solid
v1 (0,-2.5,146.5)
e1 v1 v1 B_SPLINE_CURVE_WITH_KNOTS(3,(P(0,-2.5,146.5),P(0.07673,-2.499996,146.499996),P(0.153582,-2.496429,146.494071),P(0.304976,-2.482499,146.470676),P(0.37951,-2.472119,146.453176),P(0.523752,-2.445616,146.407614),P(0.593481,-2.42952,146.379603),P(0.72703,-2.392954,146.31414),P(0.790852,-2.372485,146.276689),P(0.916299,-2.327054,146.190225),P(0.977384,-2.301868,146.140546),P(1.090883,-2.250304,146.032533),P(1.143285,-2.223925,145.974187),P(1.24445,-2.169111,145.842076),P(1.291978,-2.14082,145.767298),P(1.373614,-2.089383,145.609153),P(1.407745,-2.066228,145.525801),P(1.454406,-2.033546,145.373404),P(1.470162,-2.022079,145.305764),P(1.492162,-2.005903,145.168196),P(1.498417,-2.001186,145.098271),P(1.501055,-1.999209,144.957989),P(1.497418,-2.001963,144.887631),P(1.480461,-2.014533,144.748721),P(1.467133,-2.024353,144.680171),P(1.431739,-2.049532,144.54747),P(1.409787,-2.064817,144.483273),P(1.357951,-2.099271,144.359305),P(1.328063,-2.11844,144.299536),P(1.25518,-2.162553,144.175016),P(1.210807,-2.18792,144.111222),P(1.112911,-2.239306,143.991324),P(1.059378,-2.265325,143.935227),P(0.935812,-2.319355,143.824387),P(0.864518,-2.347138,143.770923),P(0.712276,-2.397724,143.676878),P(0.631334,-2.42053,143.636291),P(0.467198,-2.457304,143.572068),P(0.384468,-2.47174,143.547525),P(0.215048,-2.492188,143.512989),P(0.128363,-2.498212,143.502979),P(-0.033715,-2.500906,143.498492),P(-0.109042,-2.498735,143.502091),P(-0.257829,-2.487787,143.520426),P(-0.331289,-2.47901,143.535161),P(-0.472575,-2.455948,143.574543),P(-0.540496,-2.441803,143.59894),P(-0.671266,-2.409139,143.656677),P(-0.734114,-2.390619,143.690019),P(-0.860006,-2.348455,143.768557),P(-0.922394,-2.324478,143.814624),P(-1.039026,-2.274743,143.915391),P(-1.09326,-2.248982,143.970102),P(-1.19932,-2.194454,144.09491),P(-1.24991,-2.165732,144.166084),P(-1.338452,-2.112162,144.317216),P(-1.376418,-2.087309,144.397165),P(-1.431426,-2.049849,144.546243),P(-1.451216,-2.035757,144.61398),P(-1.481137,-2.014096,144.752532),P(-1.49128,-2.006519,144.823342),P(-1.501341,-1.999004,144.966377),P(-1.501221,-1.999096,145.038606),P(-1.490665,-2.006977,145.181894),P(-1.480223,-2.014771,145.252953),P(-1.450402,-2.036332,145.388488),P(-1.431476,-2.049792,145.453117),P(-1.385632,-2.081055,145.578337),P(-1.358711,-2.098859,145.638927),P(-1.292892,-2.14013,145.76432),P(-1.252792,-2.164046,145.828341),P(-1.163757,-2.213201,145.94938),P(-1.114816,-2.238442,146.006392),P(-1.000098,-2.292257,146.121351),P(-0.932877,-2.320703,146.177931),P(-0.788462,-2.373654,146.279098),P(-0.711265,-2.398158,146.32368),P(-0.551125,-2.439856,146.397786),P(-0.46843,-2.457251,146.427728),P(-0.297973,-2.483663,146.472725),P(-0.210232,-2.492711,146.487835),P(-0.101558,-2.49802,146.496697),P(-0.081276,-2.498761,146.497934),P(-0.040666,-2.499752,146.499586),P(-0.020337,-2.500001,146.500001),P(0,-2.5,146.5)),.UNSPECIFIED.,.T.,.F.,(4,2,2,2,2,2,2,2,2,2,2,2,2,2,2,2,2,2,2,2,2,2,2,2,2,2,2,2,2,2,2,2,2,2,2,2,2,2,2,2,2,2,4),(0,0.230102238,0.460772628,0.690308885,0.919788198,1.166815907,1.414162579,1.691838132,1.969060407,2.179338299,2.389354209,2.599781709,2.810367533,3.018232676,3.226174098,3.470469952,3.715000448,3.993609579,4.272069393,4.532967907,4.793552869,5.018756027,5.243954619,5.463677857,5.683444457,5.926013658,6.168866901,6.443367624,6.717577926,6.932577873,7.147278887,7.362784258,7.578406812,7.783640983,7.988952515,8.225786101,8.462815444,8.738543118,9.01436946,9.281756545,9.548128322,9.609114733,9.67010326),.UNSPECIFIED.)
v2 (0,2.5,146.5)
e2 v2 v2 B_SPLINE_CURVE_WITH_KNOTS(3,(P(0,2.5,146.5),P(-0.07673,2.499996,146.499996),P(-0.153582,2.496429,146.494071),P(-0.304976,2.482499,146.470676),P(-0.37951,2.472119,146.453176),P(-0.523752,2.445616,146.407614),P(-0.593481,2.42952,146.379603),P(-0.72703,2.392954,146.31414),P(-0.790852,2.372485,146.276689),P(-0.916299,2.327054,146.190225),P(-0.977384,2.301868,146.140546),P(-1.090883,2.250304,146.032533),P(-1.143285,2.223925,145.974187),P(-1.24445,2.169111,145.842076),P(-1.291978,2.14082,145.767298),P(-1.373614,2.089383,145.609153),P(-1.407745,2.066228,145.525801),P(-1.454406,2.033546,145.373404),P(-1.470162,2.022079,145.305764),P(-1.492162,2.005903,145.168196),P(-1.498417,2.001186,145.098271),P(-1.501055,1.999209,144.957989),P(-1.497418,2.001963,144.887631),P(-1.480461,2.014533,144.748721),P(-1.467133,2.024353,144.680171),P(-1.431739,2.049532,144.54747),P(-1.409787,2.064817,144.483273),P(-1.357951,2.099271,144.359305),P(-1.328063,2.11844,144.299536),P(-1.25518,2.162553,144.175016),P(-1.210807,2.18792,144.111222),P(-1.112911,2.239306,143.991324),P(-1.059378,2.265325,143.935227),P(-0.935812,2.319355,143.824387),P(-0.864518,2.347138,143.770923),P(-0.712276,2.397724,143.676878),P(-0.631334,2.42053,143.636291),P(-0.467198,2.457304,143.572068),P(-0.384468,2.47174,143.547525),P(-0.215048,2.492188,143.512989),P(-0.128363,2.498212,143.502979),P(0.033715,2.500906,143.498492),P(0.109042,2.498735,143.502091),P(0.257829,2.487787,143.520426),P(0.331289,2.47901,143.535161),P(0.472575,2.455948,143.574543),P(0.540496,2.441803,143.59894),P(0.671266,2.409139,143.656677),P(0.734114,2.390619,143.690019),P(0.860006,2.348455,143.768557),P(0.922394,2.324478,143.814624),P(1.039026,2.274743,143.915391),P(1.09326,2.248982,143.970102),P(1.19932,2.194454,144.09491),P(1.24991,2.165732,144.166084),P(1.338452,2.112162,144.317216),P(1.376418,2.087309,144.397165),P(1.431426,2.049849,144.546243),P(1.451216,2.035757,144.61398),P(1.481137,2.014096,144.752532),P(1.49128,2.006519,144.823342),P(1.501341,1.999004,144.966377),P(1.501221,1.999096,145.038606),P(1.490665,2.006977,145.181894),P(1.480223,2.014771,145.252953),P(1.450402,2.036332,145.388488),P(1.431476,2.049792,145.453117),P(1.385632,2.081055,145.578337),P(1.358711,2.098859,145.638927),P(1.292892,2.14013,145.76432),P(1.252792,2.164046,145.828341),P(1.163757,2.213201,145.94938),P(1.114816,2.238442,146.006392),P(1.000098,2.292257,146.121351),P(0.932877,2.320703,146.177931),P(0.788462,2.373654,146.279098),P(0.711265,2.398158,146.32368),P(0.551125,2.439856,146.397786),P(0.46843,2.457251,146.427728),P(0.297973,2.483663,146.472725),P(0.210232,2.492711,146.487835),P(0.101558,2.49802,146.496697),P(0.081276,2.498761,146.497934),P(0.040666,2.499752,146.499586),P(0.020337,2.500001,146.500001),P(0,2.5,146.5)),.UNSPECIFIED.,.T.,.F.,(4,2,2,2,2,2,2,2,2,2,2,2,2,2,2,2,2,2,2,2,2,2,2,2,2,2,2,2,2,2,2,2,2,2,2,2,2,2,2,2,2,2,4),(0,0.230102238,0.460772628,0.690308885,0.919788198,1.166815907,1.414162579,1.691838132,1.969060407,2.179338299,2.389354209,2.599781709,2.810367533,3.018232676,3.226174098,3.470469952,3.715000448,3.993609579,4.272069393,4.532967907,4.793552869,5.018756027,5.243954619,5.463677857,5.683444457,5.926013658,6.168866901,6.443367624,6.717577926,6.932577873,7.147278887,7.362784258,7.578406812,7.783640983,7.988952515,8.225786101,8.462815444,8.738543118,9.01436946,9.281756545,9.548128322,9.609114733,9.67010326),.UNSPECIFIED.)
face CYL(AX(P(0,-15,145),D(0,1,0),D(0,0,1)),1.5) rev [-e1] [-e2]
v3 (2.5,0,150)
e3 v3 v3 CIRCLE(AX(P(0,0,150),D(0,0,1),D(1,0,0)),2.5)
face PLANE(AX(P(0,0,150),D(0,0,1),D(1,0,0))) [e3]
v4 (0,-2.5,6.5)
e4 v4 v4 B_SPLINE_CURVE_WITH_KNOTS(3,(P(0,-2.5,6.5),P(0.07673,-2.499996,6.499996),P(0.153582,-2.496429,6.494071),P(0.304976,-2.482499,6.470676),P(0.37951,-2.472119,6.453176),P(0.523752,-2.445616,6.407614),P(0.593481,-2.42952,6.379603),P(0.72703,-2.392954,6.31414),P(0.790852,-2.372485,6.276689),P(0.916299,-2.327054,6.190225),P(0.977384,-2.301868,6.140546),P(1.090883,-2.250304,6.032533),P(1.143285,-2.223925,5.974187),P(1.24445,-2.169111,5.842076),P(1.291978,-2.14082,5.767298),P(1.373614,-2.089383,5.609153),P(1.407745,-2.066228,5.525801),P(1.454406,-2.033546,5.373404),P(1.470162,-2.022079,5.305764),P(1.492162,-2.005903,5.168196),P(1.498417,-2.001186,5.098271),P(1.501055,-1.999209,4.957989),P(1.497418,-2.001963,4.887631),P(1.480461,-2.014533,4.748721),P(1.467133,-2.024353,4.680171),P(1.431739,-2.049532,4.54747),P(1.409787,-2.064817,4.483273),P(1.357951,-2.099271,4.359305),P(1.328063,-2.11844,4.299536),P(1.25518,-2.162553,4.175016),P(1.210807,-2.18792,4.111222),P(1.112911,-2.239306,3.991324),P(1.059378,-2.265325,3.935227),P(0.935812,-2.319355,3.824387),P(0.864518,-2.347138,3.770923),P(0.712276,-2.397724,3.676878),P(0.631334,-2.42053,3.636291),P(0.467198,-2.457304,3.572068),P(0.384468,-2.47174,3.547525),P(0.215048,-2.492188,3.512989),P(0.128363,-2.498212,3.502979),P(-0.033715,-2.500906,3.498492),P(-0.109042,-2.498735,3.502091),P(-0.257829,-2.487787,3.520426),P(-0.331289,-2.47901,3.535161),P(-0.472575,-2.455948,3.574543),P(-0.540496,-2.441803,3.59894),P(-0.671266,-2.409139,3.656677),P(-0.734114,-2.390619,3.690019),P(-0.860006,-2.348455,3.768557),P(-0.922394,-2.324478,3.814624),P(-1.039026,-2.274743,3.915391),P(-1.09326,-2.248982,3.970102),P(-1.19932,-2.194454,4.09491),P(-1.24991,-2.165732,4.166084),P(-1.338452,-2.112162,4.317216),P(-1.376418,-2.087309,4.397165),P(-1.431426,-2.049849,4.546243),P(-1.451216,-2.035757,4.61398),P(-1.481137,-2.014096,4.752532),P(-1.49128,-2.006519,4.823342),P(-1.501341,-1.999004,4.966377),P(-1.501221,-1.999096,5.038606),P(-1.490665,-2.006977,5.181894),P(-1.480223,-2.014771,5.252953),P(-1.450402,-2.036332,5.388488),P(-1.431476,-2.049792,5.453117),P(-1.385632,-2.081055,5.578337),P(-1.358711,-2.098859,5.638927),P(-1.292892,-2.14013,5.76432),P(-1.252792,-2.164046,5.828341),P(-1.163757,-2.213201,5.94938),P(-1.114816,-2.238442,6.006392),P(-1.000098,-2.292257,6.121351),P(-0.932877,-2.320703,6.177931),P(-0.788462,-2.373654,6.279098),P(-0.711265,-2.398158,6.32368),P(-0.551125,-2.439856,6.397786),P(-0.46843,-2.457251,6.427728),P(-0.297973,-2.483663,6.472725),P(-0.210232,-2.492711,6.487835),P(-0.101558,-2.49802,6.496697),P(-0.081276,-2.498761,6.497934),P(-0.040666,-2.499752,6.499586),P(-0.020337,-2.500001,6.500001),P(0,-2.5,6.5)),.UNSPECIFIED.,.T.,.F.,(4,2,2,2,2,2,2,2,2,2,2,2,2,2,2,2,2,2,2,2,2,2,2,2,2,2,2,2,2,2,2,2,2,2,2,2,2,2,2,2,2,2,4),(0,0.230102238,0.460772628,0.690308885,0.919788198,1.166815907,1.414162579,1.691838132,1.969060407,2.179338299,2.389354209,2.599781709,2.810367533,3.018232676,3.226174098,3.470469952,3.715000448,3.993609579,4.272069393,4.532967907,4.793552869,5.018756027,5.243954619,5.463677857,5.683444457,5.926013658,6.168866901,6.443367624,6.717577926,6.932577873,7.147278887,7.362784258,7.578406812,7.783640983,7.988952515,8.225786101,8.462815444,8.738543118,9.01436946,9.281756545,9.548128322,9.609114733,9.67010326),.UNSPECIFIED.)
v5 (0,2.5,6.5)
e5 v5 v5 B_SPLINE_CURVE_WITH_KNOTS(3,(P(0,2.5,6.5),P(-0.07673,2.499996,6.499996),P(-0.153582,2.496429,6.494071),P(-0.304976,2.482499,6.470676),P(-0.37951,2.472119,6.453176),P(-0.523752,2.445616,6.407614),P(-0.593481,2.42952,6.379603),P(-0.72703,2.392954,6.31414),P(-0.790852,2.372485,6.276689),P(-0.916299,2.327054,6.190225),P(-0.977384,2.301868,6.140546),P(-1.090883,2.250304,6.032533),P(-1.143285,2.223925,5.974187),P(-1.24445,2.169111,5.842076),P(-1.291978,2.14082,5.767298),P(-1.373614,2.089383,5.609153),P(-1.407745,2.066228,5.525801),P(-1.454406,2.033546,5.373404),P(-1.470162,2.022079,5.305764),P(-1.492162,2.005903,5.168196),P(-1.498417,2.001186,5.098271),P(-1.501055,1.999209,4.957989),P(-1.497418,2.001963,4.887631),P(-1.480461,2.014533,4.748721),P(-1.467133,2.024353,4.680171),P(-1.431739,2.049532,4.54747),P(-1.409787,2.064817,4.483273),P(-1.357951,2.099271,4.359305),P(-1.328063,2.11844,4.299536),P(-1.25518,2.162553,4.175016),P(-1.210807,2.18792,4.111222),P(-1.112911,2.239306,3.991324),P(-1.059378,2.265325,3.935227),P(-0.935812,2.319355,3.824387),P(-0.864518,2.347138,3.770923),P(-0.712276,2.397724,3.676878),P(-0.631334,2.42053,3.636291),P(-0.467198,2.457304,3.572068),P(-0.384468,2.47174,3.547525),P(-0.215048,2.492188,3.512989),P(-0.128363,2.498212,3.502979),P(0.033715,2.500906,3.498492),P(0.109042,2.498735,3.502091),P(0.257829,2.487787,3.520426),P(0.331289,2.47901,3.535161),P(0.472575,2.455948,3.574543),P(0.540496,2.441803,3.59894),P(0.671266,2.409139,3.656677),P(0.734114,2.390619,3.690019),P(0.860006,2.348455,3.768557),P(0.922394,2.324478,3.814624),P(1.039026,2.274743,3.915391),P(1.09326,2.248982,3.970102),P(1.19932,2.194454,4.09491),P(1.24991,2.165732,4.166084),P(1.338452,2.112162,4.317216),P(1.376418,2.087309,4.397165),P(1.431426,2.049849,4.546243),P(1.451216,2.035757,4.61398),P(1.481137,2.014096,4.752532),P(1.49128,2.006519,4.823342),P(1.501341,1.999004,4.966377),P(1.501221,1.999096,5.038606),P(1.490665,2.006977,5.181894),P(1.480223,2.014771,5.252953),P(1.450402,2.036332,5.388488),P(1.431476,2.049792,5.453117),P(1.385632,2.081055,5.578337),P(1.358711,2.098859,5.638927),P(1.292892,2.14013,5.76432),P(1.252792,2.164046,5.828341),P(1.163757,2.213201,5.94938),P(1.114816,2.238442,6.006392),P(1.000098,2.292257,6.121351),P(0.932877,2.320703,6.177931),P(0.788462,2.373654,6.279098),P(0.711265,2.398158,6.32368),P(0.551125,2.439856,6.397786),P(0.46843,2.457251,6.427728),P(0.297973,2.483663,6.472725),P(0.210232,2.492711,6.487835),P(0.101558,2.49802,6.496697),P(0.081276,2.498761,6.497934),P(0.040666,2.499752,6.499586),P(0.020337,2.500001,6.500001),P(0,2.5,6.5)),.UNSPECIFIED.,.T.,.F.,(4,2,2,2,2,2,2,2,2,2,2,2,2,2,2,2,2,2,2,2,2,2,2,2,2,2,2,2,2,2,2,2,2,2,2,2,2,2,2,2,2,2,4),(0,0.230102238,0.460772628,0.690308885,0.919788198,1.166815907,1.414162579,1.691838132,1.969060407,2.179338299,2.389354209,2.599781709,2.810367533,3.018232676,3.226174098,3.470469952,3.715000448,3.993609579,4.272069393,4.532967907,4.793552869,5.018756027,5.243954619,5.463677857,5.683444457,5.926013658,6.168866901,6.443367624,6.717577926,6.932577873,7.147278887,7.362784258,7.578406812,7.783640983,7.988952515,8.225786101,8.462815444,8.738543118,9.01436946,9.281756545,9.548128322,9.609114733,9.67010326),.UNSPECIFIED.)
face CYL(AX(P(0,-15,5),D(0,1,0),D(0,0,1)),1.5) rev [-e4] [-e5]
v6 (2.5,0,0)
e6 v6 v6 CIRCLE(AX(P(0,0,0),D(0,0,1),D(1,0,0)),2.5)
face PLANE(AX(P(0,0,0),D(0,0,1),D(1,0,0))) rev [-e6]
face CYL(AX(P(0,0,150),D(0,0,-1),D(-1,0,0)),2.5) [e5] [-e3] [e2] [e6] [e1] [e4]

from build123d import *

# Parameters (mm, degrees)
SKETCH1_R           = 2.5
BOSS_EXTRUDE1_DEPTH = 150
SKETCH2_R           = 1.5
CUT_EXTRUDE1_DEPTH  = 15


with BuildPart() as part:
    # Sketch1 → Boss-Extrude1 (new body)
    with BuildSketch(Plane.XY):
        Circle(SKETCH1_R)
    extrude(amount=BOSS_EXTRUDE1_DEPTH)

    # Sketch2 → Cut-Extrude1 (cut, symmetric)
    with BuildSketch(Plane(origin=(0, 0, 0), x_dir=(1, 0, 0), z_dir=(0, 1, 0))):
        with Locations(Location((0, -5, 0), (0, 0, 270))):
            Circle(SKETCH2_R)
        with Locations(Location((0, -145, 0), (0, 0, 270))):
            Circle(SKETCH2_R)
    extrude(amount=CUT_EXTRUDE1_DEPTH, both=True, mode=Mode.SUBTRACT)


solid = part.part
